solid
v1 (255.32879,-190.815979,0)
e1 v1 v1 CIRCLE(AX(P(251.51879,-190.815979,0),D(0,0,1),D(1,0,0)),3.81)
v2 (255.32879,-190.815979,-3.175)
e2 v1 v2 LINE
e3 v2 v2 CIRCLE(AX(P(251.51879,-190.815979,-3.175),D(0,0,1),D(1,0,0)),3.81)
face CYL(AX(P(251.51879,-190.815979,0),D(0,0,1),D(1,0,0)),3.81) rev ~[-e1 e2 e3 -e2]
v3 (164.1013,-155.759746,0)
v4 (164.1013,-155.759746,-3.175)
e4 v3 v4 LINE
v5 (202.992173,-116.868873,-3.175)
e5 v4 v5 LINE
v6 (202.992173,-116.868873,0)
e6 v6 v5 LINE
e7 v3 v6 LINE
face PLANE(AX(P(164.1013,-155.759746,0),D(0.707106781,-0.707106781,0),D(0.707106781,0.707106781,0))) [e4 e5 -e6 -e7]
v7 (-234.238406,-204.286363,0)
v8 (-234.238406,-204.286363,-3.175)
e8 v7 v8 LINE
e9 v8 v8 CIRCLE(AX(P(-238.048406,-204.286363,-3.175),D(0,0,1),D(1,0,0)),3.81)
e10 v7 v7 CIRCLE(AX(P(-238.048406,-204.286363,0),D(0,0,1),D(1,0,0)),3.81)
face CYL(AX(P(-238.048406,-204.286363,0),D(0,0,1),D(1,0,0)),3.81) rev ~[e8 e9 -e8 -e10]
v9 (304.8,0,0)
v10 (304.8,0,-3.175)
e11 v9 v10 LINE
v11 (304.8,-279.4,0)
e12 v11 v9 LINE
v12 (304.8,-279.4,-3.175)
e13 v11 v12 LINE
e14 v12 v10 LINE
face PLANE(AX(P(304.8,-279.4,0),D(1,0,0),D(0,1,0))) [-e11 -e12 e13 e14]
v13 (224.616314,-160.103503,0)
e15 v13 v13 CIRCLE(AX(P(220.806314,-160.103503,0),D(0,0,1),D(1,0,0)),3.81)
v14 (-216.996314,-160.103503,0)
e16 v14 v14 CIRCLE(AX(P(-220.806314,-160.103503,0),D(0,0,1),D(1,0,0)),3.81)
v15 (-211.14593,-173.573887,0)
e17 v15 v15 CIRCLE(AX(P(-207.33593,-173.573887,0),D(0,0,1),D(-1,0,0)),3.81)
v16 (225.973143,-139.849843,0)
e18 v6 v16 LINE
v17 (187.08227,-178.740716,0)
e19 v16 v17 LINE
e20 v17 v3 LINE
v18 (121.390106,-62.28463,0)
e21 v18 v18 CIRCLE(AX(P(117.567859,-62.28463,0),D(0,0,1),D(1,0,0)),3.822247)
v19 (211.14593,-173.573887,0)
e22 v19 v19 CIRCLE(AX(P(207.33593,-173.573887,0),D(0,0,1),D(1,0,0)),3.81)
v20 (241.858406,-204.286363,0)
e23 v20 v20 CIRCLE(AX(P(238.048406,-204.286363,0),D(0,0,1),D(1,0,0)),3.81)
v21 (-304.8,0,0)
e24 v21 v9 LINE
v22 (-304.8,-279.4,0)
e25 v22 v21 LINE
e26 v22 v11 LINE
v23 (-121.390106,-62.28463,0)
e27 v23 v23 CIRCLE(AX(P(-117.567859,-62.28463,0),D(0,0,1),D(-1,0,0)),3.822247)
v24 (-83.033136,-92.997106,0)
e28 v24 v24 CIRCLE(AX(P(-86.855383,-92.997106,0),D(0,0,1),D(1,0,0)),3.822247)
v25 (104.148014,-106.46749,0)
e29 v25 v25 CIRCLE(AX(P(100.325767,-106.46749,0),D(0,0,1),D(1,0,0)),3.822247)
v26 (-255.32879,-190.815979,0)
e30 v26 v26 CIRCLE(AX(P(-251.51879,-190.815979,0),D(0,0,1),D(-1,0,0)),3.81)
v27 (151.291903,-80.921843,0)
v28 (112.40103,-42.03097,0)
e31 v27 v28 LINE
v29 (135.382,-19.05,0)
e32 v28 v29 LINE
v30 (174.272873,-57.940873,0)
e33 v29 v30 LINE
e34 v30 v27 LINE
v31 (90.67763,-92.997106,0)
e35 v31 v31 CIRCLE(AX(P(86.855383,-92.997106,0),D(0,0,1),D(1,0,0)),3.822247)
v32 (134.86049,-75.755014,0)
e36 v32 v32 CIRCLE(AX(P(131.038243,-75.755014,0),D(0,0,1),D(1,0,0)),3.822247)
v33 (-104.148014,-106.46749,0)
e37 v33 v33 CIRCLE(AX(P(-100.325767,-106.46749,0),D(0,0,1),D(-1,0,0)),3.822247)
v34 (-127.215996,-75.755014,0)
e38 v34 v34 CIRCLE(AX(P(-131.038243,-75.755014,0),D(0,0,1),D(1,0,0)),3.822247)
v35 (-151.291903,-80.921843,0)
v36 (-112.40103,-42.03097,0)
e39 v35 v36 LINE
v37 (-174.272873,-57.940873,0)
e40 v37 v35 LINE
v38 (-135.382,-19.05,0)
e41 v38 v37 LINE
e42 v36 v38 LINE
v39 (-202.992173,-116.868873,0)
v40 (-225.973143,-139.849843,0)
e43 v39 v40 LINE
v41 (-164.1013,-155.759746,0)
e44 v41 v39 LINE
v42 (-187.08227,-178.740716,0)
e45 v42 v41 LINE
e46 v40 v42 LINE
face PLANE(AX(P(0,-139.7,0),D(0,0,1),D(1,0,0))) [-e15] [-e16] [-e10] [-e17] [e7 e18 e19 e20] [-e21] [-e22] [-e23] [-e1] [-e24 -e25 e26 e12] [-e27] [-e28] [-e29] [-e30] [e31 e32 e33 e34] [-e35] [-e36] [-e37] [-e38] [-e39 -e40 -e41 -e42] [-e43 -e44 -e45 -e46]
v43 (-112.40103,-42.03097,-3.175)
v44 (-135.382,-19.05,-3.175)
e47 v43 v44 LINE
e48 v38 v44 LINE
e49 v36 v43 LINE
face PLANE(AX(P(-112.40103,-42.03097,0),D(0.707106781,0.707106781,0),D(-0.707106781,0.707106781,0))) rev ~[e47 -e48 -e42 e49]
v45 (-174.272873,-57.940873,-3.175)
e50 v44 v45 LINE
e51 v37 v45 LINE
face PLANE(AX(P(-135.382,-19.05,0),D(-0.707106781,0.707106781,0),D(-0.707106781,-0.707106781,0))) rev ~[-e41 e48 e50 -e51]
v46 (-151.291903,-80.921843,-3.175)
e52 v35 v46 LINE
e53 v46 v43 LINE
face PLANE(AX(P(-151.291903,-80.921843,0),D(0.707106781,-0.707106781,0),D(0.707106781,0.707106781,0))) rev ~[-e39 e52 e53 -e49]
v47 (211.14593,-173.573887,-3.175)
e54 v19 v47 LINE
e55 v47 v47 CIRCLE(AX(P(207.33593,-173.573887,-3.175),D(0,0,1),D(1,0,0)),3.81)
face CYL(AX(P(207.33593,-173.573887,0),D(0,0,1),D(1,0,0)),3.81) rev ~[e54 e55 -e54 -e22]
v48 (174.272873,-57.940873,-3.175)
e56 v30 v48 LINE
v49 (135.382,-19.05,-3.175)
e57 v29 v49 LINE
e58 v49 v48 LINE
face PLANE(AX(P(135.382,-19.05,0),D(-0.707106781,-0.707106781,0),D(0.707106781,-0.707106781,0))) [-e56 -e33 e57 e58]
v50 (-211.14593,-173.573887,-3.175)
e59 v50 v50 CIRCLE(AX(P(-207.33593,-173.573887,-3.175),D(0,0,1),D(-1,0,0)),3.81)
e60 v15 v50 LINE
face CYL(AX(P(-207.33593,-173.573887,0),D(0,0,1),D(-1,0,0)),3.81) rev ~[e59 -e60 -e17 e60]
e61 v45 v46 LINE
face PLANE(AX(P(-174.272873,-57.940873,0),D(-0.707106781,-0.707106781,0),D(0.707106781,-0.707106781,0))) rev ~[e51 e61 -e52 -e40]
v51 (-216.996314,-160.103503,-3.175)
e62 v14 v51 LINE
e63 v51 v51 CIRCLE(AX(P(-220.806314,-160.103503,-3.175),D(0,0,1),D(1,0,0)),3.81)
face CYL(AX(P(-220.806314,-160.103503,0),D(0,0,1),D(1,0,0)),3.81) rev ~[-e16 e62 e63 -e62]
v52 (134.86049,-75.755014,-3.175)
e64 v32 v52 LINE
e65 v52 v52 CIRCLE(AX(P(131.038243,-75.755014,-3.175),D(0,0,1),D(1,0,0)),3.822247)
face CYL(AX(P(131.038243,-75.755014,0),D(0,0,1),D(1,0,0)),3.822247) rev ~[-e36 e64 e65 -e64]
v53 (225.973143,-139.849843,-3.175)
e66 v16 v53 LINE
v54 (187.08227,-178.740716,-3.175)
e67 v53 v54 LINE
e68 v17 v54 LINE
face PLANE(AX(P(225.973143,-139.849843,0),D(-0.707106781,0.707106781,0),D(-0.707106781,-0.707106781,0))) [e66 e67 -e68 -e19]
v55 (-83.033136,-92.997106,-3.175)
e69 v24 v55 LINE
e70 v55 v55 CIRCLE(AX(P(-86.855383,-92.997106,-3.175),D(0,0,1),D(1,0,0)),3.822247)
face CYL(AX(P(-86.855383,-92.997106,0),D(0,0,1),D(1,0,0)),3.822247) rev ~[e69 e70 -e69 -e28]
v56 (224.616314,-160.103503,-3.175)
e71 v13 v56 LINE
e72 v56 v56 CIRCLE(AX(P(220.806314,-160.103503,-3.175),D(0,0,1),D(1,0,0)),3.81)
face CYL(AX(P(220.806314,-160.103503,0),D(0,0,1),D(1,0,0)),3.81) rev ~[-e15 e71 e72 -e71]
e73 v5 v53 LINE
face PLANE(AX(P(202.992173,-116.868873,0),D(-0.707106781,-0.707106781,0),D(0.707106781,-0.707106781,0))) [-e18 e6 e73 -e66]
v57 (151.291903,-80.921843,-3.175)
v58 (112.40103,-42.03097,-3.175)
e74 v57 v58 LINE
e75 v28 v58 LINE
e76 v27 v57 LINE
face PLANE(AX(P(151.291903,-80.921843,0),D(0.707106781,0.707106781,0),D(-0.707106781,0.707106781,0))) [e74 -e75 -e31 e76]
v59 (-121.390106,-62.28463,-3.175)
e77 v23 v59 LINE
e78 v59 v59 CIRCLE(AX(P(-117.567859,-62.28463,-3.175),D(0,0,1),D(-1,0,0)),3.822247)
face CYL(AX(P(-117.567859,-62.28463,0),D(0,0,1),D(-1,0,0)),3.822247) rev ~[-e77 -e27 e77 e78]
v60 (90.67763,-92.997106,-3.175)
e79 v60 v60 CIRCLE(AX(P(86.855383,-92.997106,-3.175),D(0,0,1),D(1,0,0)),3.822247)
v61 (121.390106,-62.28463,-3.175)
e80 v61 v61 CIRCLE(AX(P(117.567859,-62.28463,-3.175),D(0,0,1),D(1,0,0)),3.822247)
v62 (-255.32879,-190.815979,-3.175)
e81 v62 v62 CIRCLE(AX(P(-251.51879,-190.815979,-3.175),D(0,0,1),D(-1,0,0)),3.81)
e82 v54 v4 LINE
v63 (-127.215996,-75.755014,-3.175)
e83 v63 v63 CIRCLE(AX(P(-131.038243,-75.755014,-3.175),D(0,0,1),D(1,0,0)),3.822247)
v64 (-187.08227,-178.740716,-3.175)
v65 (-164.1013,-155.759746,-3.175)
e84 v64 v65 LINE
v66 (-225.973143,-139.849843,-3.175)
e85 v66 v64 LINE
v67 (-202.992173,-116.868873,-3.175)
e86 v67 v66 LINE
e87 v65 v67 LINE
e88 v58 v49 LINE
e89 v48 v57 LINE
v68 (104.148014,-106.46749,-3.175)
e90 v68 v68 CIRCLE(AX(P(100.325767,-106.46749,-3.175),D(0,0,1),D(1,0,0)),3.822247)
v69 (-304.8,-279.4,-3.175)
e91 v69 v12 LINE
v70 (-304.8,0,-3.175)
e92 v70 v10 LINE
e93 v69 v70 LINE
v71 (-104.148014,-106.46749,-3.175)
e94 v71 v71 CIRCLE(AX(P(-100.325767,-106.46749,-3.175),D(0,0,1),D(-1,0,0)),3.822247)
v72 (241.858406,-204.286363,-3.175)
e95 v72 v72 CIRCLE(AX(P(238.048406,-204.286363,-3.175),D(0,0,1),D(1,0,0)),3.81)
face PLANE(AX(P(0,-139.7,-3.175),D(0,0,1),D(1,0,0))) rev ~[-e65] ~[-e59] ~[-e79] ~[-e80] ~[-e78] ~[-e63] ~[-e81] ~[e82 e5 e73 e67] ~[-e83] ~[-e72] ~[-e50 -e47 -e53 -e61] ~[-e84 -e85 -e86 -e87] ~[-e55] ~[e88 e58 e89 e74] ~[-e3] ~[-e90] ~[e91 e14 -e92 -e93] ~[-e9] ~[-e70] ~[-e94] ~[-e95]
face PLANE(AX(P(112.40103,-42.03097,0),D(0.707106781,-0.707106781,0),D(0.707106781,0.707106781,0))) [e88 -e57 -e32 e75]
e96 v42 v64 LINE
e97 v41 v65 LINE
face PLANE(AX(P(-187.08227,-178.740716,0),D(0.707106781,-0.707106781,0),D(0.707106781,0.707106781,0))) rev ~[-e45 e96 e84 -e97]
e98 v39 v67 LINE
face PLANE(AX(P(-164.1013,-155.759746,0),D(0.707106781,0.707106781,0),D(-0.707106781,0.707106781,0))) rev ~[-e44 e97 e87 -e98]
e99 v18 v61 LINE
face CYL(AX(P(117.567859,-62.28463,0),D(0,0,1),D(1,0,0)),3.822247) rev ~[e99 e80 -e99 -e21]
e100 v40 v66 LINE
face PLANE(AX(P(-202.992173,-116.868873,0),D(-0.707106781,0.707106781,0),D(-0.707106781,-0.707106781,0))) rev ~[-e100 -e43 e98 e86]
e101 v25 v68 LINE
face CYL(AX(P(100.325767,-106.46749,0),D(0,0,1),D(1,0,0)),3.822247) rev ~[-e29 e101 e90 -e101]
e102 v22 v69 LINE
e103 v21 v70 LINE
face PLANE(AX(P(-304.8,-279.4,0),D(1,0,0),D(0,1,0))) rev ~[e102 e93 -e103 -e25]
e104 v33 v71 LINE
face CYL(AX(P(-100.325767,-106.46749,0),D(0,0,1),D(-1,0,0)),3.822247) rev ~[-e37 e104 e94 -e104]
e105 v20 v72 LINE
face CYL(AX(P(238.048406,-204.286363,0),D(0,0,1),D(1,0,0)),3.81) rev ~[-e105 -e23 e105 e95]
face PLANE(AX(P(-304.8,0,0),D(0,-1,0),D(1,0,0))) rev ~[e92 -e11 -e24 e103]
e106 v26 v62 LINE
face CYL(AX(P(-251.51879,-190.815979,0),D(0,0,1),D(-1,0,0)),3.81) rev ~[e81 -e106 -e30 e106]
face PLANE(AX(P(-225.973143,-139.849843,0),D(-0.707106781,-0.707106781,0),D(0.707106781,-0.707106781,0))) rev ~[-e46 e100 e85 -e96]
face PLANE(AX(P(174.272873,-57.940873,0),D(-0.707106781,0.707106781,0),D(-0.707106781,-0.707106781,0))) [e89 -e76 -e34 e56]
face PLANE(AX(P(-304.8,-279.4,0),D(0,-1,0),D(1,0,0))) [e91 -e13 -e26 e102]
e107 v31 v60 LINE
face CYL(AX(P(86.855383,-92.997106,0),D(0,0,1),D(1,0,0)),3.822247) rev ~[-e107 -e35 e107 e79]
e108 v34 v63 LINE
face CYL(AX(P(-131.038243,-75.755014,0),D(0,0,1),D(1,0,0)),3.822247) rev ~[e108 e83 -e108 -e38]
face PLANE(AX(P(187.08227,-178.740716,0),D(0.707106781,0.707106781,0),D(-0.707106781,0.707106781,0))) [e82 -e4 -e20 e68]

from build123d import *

# Parameters (mm, degrees)
SKETCH1_W           = 609.6
SKETCH1_H           = 279.4
BOSS_EXTRUDE1_DEPTH = 3.175
SKETCH1_9_R         = 3.81
SKETCH1_9_R_2       = 3.822247212
CUT_EXTRUDE1_DEPTH  = 414.49423288
SKETCH1_10_R        = 3.822247212
SKETCH1_10_R_2      = 3.81
CUT_EXTRUDE2_DEPTH  = 414.49423288


with BuildPart() as part:
    # Sketch1 → Boss-Extrude1 (new body)
    with BuildSketch(Plane.XY):
        with Locations((0, -139.7)):
            Rectangle(SKETCH1_W, SKETCH1_H)
    extrude(amount=-BOSS_EXTRUDE1_DEPTH)

    # Sketch1<9> → Cut-Extrude1 (cut, through all)
    with BuildSketch(Plane.XY):
        with Locations((-220.806313845, -160.103502887)):
            Circle(SKETCH1_9_R)
        with Locations((-207.335929664, -173.573887069)):
            Circle(SKETCH1_9_R)
        with Locations((-238.048405598, -204.286363003)):
            Circle(SKETCH1_9_R)
        with Locations((-251.518789779, -190.815978821)):
            Circle(SKETCH1_9_R)
        with Locations((-131.038243043, -75.755014104)):
            Circle(SKETCH1_9_R_2)
        with Locations((-117.567858862, -62.284629922)):
            Circle(SKETCH1_9_R_2)
        with Locations((-86.855382928, -92.997105856)):
            Circle(SKETCH1_9_R_2)
        with Locations((-100.325767109, -106.467490038)):
            Circle(SKETCH1_9_R_2)
        Polygon((-112.401029611, -42.030970389), (-135.382, -19.05), (-174.272872965, -57.940872965), (-151.291902577, -80.921843354), align=None)
        Polygon((-202.992172707, -116.868872965), (-225.973143095, -139.849843354), (-187.08227013, -178.740716319), (-164.101299742, -155.759745931), align=None)
        Polygon((187.08227013, -178.740716319), (225.973143095, -139.849843354), (202.992172707, -116.868872965), (164.101299742, -155.759745931), align=None)
        Polygon((174.272872965, -57.940872965), (135.382, -19.05), (112.401029611, -42.030970389), (151.291902577, -80.921843354), align=None)
    extrude(amount=-CUT_EXTRUDE1_DEPTH, mode=Mode.SUBTRACT)

    # Sketch1<10> → Cut-Extrude2 (cut, through all)
    with BuildSketch(Plane.XY):
        with Locations((100.325767109, -106.467490038)):
            Circle(SKETCH1_10_R)
        with Locations((86.855382928, -92.997105856)):
            Circle(SKETCH1_10_R)
        with Locations((117.567858862, -62.284629922)):
            Circle(SKETCH1_10_R)
        with Locations((131.038243043, -75.755014104)):
            Circle(SKETCH1_10_R)
        with Locations((251.518789779, -190.815978821)):
            Circle(SKETCH1_10_R_2)
        with Locations((238.048405598, -204.286363003)):
            Circle(SKETCH1_10_R_2)
        with Locations((207.335929664, -173.573887069)):
            Circle(SKETCH1_10_R_2)
        with Locations((220.806313845, -160.103502887)):
            Circle(SKETCH1_10_R_2)
    extrude(amount=-CUT_EXTRUDE2_DEPTH, mode=Mode.SUBTRACT)


solid = part.part
